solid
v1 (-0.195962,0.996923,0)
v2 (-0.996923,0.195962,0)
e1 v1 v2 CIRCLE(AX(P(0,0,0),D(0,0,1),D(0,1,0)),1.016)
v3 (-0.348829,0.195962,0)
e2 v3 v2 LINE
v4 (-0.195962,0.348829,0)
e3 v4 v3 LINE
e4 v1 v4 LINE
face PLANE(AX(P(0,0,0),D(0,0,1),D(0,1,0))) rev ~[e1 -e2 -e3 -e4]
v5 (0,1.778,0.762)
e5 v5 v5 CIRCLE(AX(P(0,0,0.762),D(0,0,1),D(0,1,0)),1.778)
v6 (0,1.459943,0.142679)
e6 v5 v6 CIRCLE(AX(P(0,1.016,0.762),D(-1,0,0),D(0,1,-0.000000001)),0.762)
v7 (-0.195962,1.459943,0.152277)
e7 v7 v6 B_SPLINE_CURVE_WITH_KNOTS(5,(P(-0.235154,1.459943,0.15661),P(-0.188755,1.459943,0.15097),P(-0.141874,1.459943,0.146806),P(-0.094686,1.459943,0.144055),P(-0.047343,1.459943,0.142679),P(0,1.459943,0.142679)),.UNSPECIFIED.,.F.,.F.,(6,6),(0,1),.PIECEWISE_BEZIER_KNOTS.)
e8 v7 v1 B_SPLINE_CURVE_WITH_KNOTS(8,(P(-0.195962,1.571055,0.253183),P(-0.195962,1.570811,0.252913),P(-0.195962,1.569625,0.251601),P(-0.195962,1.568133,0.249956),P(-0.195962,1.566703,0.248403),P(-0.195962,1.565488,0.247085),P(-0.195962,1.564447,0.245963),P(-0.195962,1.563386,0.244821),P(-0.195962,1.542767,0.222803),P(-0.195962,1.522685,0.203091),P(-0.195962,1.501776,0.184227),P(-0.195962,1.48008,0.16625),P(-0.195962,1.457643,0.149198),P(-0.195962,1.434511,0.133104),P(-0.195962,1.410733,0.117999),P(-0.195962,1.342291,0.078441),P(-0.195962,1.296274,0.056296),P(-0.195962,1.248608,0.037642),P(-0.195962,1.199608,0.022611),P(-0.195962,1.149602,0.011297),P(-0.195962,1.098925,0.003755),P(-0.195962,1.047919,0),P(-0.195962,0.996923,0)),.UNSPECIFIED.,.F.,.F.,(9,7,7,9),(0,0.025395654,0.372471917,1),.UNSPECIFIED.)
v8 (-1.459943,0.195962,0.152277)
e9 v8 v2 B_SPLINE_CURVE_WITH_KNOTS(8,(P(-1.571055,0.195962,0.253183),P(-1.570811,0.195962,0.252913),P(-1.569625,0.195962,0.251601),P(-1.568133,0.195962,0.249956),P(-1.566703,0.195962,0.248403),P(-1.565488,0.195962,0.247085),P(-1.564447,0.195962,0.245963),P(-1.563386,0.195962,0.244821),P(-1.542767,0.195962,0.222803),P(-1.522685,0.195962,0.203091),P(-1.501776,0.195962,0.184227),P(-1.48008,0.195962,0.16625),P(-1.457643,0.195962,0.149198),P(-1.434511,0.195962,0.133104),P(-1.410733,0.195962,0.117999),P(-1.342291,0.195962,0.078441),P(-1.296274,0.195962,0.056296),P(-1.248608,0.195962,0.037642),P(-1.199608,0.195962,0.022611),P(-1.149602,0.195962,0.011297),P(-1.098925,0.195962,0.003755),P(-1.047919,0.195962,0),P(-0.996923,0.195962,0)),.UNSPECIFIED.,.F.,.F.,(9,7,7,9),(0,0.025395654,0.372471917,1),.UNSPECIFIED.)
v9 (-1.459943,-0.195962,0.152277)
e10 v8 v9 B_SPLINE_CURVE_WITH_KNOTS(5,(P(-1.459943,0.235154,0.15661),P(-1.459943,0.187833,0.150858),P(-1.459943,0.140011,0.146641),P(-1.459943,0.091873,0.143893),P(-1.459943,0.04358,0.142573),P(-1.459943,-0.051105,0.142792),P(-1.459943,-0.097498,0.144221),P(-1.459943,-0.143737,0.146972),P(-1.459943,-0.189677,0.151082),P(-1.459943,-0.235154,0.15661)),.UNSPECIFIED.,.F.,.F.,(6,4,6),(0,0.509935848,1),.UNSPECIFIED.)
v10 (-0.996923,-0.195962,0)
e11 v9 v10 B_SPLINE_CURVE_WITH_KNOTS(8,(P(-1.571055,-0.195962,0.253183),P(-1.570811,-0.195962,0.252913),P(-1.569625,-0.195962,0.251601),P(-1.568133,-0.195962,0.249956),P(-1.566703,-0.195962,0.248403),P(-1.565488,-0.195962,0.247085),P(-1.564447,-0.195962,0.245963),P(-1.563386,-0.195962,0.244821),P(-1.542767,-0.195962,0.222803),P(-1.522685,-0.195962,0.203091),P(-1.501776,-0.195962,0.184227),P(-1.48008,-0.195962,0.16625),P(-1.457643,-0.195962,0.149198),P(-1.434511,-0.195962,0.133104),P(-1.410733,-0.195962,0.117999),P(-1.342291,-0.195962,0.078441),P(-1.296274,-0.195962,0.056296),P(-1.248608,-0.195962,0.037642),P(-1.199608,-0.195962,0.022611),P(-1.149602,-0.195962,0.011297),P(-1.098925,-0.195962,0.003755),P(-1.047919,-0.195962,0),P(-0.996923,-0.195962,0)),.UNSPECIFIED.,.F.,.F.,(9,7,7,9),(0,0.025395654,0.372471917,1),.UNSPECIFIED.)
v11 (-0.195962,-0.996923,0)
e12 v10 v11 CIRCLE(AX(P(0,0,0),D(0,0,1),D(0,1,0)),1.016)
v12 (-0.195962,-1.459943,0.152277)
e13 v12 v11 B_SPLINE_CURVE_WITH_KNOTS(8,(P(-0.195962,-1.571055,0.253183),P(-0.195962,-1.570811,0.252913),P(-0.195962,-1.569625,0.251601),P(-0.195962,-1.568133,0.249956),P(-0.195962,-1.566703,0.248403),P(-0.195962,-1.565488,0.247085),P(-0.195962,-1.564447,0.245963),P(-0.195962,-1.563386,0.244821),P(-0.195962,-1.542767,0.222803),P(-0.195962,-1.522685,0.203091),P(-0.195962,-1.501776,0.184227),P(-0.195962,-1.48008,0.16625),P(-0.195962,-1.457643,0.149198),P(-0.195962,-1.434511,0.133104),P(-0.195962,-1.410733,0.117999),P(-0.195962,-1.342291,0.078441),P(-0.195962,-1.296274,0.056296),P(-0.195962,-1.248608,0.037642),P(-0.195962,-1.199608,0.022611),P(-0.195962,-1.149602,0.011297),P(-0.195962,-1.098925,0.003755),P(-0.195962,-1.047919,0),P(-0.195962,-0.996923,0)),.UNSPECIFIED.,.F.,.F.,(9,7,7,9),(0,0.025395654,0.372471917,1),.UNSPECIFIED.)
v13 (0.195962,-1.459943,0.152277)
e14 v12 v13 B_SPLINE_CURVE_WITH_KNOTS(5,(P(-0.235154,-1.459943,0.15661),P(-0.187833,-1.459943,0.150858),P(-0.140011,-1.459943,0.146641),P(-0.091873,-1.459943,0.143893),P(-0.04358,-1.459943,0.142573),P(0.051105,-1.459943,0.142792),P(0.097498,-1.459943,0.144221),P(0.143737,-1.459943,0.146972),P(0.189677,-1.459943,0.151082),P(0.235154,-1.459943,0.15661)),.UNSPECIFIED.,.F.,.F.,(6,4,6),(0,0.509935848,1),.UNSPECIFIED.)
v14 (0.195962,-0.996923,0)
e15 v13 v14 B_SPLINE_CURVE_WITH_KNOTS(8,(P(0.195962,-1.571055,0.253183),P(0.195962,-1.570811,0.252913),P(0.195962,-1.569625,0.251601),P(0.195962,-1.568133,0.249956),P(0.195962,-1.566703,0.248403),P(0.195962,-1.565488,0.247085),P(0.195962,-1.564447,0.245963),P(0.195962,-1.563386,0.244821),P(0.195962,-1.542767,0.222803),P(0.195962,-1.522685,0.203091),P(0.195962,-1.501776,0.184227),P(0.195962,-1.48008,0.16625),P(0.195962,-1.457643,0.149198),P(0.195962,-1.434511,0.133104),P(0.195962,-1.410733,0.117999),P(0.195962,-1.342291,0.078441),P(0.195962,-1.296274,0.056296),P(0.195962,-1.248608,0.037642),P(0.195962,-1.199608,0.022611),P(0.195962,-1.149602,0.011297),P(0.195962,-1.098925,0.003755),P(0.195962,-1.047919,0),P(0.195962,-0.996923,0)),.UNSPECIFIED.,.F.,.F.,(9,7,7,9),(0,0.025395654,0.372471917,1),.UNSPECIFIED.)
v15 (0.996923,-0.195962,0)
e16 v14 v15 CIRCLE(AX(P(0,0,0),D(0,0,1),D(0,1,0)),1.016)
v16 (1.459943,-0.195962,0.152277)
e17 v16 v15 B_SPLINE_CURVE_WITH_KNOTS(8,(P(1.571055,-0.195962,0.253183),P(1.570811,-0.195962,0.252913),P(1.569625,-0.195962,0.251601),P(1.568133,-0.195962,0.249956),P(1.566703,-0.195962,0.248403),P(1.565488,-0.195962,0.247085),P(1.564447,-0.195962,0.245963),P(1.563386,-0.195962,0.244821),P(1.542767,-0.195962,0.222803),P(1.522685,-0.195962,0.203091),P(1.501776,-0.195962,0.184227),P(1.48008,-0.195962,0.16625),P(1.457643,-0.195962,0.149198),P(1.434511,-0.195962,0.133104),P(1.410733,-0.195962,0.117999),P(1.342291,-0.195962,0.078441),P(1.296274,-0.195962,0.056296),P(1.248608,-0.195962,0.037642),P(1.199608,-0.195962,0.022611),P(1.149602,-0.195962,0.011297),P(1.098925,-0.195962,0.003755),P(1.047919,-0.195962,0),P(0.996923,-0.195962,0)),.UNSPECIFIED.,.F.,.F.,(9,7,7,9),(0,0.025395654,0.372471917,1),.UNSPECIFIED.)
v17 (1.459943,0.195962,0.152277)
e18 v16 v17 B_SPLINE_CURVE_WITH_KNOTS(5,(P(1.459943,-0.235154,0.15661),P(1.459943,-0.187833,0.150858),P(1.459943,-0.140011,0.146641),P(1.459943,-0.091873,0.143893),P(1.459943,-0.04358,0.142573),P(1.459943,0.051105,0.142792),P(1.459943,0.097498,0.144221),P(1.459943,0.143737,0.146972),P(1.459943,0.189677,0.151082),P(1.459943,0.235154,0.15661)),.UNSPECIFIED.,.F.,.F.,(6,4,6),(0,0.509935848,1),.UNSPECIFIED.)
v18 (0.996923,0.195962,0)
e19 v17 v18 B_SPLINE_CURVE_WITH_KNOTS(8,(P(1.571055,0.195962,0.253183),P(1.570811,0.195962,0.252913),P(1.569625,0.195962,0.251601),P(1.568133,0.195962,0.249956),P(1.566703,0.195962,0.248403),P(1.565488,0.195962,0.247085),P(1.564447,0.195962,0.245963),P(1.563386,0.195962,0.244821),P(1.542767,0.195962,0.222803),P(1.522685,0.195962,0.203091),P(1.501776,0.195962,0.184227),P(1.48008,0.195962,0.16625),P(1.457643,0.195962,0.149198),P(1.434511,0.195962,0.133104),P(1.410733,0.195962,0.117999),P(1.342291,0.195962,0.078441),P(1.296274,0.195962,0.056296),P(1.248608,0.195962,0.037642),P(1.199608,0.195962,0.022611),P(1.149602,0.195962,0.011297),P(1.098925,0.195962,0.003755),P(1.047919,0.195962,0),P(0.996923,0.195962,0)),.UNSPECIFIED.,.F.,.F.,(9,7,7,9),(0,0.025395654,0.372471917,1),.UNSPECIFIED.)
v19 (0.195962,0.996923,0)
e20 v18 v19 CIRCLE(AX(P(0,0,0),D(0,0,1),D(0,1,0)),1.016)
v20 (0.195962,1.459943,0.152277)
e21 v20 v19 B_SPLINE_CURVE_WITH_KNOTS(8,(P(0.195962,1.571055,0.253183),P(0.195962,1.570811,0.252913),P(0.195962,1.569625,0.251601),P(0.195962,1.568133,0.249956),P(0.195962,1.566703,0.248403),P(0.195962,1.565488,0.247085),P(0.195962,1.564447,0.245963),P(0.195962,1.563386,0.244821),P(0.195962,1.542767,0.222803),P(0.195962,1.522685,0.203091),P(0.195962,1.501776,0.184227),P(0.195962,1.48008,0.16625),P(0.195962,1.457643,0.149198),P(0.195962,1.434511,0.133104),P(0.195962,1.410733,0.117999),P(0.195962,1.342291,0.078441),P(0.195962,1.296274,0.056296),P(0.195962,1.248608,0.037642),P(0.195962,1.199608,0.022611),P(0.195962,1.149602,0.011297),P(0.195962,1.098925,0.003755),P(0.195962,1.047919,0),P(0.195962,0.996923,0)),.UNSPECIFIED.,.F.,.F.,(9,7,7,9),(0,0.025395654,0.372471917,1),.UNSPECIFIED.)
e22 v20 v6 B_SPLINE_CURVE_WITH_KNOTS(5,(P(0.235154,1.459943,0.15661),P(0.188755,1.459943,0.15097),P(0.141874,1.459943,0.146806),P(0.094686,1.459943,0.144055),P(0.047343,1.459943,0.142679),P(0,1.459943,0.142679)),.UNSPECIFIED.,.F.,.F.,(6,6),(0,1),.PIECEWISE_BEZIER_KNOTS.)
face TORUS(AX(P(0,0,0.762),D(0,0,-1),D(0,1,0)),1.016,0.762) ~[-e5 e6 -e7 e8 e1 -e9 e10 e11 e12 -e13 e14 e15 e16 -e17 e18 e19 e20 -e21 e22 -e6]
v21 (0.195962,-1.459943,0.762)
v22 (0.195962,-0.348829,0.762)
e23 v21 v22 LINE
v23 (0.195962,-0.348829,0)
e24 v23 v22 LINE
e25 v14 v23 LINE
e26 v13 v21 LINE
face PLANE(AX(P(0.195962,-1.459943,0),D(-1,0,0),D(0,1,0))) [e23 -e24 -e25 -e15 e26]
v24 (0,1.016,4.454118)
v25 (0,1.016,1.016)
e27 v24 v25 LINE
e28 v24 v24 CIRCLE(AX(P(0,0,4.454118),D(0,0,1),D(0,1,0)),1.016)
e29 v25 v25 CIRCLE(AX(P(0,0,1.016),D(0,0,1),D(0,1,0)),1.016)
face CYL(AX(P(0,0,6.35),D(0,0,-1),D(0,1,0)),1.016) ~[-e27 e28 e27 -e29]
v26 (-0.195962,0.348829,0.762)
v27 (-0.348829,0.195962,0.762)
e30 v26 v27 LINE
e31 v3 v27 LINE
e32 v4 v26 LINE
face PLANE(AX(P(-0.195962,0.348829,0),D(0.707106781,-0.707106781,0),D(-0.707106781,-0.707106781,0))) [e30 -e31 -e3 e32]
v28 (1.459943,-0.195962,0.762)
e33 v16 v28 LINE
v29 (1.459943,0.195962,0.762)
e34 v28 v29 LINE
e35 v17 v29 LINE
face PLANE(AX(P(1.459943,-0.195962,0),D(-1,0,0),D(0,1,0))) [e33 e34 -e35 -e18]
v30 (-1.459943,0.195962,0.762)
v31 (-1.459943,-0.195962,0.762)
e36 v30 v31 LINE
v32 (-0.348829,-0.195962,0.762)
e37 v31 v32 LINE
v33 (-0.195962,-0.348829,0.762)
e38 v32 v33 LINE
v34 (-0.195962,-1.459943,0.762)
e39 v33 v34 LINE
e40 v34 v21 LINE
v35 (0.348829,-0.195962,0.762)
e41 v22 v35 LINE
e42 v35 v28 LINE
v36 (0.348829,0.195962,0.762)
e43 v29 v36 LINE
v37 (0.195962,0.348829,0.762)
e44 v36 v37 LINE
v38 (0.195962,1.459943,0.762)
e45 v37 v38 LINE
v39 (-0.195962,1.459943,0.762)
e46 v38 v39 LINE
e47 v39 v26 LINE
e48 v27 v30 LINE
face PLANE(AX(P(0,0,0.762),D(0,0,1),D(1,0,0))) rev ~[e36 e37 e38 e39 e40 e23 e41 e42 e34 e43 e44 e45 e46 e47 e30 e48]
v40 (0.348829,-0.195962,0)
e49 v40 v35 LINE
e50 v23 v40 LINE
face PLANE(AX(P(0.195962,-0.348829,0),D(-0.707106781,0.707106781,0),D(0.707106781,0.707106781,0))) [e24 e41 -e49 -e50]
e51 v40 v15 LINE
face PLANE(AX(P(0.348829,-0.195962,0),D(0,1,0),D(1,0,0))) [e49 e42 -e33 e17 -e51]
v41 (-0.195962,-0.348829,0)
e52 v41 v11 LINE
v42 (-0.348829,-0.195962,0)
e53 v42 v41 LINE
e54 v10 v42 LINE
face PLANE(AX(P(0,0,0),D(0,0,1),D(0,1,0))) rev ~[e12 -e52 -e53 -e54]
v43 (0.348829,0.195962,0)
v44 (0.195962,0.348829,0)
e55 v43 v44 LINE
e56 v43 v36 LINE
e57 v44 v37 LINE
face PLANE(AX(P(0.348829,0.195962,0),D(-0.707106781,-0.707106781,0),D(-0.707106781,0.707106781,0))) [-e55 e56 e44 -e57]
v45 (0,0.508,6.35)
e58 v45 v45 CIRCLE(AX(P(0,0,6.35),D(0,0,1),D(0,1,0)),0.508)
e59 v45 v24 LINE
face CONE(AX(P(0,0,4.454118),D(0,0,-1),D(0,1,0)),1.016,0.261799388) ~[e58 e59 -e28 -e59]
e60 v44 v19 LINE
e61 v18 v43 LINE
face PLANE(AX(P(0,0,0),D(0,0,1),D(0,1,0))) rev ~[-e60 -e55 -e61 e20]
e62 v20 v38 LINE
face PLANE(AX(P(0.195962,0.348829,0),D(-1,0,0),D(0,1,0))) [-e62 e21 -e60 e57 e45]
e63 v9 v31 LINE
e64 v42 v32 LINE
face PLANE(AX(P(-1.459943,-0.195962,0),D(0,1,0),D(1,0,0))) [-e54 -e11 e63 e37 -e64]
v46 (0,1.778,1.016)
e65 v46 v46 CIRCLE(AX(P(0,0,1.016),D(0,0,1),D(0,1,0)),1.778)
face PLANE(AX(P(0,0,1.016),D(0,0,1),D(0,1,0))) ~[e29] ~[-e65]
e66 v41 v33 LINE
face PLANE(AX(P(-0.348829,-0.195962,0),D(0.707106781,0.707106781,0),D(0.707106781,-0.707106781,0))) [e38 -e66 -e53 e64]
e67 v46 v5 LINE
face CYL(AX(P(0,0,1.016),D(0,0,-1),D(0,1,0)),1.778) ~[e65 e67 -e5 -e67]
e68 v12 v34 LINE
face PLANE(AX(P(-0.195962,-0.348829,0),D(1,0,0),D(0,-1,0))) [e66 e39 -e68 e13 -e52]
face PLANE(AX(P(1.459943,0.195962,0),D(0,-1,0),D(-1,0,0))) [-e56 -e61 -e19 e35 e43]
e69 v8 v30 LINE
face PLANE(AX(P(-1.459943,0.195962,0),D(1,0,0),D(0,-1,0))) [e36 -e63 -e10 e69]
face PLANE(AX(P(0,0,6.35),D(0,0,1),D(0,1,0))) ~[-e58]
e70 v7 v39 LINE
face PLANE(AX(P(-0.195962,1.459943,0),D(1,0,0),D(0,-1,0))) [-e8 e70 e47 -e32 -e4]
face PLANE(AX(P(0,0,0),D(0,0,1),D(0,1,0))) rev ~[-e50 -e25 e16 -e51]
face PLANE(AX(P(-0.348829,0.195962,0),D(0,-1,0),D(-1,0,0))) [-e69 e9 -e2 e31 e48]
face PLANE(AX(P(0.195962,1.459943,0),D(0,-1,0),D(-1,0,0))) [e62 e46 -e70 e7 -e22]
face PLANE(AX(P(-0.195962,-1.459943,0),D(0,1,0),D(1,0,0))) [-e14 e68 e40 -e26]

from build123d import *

# Parameters (mm, degrees)
CUT_EXTRUDE1_DEPTH = 0.762
CHAMFER1_SIZE      = 0.508
CHAMFER1_SIZE2     = 1.89588181


with BuildPart() as part:
    # Sketch1 → Revolve1 (revolve)
    with BuildSketch(Plane(origin=(0, 0, 0), x_dir=(0, 0, -1), z_dir=(1, 0, 0))):
        with BuildLine():
            Line((0, 0), (-6.35, 0))
            Line((-6.35, 0), (-6.35, 1.016))
            Line((-6.35, 1.016), (-1.016, 1.016))
            Line((-1.016, 1.016), (-1.016, 1.778))
            Line((-1.016, 1.778), (-0.762, 1.778))
            ThreePointArc((-0.762, 1.778), (-0.223184633, 1.554815367), (0, 1.016))
            Line((0, 1.016), (0, 0))
        make_face()
    revolve(axis=Axis((0, 0, 0), (0, 0, 1)))

    # Sketch2 → Cut-Extrude1 (cut)
    with BuildSketch(Plane(origin=(0, 0, 0), x_dir=(-1, 0, 0), z_dir=(0, 0, -1))):
        Polygon((0.195962003, -1.459943378), (-0.195962003, -1.459943378), (-0.195962003, -0.348829462), (-0.348829462, -0.195962003), (-1.459943378, -0.195962003), (-1.459943378, 0.195962003), (-0.348829462, 0.195962003), (-0.195962003, 0.348829462), (-0.195962003, 1.459943378), (0.195962003, 1.459943378), (0.195962003, 0.348829462), (0.348829462, 0.195962003), (1.459943378, 0.195962003), (1.459943378, -0.195962003), (0.348829462, -0.195962003), (0.195962003, -0.348829462), align=None)
    extrude(amount=-CUT_EXTRUDE1_DEPTH, mode=Mode.SUBTRACT)

    # Chamfer1
    chamfer1_edges = [part.edges().sort_by_distance(p)[0] for p in [
        (0, -1.016, 6.35),
    ]]
    chamfer1_side = [part.faces().sort_by_distance(p)[0] for p in [
        (0, 0, 6.35),
    ]]
    chamfer(chamfer1_edges, length=CHAMFER1_SIZE, length2=CHAMFER1_SIZE2, reference=chamfer1_side[0])


solid = part.part
